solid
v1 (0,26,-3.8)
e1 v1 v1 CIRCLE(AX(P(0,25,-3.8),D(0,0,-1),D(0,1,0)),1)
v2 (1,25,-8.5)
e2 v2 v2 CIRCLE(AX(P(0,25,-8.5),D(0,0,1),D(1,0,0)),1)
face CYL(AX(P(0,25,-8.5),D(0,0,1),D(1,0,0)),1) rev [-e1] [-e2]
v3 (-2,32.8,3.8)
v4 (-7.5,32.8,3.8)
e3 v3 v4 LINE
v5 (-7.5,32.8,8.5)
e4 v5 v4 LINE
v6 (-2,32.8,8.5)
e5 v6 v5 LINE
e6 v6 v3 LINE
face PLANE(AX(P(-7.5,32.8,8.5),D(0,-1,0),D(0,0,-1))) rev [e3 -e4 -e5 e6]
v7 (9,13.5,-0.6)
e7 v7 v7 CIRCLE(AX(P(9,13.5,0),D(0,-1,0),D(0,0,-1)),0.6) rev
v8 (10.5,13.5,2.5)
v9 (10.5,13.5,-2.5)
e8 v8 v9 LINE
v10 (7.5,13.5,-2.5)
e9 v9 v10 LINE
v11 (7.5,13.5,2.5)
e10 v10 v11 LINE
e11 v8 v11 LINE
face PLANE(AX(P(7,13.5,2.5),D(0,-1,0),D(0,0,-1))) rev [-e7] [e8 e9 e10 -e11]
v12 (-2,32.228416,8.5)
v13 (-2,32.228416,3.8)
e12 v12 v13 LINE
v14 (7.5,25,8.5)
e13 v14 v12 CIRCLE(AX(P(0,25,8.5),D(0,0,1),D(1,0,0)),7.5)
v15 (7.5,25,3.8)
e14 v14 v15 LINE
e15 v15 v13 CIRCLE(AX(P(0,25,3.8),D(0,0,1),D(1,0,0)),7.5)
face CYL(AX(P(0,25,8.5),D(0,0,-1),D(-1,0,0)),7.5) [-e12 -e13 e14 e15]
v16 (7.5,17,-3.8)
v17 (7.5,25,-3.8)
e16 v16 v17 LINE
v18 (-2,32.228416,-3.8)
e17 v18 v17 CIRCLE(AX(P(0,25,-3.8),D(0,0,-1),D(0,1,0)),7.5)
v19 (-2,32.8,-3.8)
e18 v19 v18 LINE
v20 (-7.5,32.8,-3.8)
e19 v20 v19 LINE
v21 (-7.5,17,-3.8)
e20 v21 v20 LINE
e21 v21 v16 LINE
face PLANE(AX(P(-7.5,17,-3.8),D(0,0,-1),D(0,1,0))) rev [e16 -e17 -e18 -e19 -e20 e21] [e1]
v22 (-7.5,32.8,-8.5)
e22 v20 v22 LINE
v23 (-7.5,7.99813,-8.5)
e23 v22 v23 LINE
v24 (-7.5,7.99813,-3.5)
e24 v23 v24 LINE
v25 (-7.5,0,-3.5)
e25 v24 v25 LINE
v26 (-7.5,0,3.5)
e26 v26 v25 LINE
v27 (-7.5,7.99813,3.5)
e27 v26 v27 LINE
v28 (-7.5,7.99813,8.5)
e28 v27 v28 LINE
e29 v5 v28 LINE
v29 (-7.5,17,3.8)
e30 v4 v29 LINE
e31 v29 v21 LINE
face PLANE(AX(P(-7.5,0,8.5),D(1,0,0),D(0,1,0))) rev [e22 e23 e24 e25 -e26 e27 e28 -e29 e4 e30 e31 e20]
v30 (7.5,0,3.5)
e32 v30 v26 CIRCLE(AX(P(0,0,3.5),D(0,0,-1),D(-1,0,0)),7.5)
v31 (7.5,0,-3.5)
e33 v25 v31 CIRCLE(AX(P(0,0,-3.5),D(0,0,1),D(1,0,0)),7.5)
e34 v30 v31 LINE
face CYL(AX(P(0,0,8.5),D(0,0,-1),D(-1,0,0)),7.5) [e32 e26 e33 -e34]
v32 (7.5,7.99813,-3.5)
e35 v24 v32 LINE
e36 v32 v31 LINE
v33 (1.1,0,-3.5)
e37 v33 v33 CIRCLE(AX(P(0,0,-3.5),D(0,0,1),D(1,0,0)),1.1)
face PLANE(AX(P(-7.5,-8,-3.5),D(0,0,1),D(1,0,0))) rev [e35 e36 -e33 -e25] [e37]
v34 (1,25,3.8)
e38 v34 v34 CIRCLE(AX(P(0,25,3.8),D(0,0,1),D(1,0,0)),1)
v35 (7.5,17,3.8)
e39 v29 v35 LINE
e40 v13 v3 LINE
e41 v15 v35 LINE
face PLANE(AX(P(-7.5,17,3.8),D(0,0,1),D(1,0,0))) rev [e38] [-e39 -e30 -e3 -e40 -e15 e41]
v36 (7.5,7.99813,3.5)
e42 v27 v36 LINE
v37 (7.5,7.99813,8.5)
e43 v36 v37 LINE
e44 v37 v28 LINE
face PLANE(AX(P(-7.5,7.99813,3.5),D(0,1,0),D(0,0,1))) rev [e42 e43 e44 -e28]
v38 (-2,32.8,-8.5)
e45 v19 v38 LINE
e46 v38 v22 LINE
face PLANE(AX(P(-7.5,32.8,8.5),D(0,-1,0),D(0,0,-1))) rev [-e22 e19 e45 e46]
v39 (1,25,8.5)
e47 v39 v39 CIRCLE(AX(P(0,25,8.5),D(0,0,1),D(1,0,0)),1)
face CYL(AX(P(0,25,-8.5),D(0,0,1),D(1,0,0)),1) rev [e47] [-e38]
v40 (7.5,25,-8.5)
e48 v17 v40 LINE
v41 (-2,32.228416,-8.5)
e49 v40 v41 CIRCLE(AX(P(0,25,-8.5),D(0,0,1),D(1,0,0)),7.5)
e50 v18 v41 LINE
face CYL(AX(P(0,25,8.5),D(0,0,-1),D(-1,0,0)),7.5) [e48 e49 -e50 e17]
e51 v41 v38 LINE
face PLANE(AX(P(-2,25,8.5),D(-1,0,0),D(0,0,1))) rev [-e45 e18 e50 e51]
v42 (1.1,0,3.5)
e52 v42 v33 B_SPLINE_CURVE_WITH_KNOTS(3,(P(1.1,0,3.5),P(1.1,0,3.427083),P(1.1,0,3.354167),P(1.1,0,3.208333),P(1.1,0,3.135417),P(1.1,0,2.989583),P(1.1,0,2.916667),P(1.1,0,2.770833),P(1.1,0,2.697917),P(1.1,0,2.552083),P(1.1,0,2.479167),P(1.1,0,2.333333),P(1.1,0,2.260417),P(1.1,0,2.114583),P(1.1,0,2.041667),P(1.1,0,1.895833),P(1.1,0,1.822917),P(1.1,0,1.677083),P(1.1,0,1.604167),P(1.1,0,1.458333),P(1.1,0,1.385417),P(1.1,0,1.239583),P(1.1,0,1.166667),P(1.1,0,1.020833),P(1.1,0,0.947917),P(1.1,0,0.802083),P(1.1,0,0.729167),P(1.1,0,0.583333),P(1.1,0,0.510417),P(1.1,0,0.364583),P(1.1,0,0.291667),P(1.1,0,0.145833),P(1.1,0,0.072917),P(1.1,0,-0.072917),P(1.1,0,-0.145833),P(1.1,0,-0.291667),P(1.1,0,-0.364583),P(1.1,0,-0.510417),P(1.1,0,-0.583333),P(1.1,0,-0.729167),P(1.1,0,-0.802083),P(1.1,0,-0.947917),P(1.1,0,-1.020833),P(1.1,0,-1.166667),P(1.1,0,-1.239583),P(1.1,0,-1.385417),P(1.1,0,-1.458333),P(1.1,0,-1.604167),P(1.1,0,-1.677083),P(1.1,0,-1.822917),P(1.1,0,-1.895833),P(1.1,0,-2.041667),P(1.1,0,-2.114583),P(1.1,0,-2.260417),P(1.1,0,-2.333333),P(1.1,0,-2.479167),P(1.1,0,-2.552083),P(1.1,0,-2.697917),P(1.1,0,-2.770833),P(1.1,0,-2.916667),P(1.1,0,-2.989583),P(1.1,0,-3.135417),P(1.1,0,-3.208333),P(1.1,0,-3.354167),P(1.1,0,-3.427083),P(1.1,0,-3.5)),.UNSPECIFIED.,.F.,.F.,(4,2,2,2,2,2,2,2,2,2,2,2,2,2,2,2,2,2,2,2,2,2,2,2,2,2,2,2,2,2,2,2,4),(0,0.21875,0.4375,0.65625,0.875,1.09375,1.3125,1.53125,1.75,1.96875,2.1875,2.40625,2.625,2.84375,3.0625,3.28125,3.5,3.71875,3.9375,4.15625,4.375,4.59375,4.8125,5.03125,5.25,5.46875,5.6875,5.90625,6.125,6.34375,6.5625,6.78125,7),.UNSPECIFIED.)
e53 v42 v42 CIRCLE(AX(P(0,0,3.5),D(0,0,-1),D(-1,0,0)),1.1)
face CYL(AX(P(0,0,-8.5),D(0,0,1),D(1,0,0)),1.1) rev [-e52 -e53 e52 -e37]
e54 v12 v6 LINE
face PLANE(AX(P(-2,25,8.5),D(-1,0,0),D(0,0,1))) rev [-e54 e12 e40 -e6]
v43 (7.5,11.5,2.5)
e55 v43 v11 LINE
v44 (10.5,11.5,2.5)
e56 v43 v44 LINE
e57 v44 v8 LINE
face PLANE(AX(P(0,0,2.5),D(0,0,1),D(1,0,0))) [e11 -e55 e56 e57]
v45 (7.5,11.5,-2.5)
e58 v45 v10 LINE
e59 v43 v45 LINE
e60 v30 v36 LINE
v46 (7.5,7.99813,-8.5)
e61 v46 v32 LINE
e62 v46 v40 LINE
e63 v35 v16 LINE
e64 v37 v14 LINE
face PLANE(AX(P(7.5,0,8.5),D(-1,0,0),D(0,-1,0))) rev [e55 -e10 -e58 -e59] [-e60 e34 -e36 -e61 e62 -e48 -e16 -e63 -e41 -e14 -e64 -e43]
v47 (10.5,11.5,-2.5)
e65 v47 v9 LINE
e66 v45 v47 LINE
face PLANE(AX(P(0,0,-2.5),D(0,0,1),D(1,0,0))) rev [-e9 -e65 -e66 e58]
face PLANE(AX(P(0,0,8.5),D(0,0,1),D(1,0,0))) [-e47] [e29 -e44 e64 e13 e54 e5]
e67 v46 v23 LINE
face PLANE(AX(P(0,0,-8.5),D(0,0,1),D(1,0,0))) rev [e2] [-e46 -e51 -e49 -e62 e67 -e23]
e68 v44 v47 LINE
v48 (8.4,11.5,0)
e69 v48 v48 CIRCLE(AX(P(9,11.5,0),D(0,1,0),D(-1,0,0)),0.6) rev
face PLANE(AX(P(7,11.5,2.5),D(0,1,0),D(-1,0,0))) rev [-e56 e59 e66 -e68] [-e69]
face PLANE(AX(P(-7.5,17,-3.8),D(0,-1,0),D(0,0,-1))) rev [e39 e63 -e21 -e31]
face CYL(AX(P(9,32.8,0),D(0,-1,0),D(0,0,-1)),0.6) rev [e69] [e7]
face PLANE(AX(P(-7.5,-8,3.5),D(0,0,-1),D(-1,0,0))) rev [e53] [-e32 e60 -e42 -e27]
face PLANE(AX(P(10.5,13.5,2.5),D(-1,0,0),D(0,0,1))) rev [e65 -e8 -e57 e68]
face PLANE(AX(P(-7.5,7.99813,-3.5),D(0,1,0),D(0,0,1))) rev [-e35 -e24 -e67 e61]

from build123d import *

# Parameters (mm, degrees)
LINK1_BODY_DEPTH       = 8.5
TONGUE_CUT_DEPTH       = 37.789944278
TONGUE_CUT_DEPTH_BACK  = 37.789944278
SKETCH1_W              = 5.5
SKETCH1_H              = 15.998130079
SKETCH7_W              = 5.5
SKETCH7_H              = 7.8
BOSS_EXTRUDE1_DEPTH    = 8.5
SLOT_CUT_DEPTH         = 35.703602119
SLOT_CUT_DEPTH_BACK    = 35.703602119
SKETCH2_W              = 7.6
SKETCH2_H              = 18
PIN_HOLES_DEPTH        = 35.703602119
PIN_HOLES_DEPTH_BACK   = 35.703602119
SKETCH3_R              = 1.1
SKETCH3_R_2            = 1
SKETCH4_W              = 3.5
SKETCH4_H              = 2
GUIDE_BLOCK_1_DEPTH    = 2.5
CORD_GUIDES_DEPTH      = 36.473088391
CORD_GUIDES_DEPTH_BACK = 36.473088391
SKETCH6_R              = 0.6


with BuildPart() as part:
    # Link1_Outline → Link1_Body (new, symmetric)
    with BuildSketch(Plane.XY):
        with BuildLine():
            Line((-7.5, 0), (-7.5, 25))
            ThreePointArc((-7.5, 25), (0, 32.5), (7.5, 25))
            Line((7.5, 25), (7.5, 0))
            ThreePointArc((7.5, 0), (0, -7.5), (-7.5, 0))
        make_face()
    extrude(amount=LINK1_BODY_DEPTH, both=True)

    # Sketch1 → Tongue_Cut (cut, two sides: drawn at the far end of the back side and taken through both)
    with BuildSketch(Plane(origin=(7.5, 0, 0), x_dir=(0, 0, -1), z_dir=(1, 0, 0)).offset(-TONGUE_CUT_DEPTH_BACK)):
        with Locations((6.25, -0.00093496)):
            Rectangle(SKETCH1_W, SKETCH1_H)
        with Locations((-6.25, -0.00093496)):
            Rectangle(SKETCH1_W, SKETCH1_H)
    extrude(amount=TONGUE_CUT_DEPTH + TONGUE_CUT_DEPTH_BACK, mode=Mode.SUBTRACT)

    # Sketch7 → Boss-Extrude1 (add, symmetric)
    with BuildSketch(Plane.XY):
        with Locations((-4.75, 28.9)):
            Rectangle(SKETCH7_W, SKETCH7_H)
    extrude(amount=BOSS_EXTRUDE1_DEPTH, both=True)

    # Sketch2 → Slot_Cut (cut, two sides: drawn at the far end of the back side and taken through both)
    with BuildSketch(Plane(origin=(0, 0, 0), x_dir=(0, 0, -1), z_dir=(1, 0, 0)).offset(-SLOT_CUT_DEPTH_BACK)):
        with Locations((0, 26)):
            Rectangle(SKETCH2_W, SKETCH2_H)
    extrude(amount=SLOT_CUT_DEPTH + SLOT_CUT_DEPTH_BACK, mode=Mode.SUBTRACT)

    # Sketch3 → Pin_Holes (cut, two sides: drawn at the far end of the back side and taken through both)
    with BuildSketch(Plane.XY.offset(-PIN_HOLES_DEPTH_BACK)):
        Circle(SKETCH3_R)
        with Locations((0, 25)):
            Circle(SKETCH3_R_2)
    extrude(amount=PIN_HOLES_DEPTH + PIN_HOLES_DEPTH_BACK, mode=Mode.SUBTRACT)

    # Sketch4 → Guide_Block_1 (add, symmetric)
    with BuildSketch(Plane.XY):
        with Locations((8.75, 12.5)):
            Rectangle(SKETCH4_W, SKETCH4_H)
    extrude(amount=GUIDE_BLOCK_1_DEPTH, both=True)

    # Sketch6 → Cord_Guides (cut, two sides: drawn at the far end of the back side and taken through both)
    with BuildSketch(Plane(origin=(0, 0, 0), x_dir=(1, 0, 0), z_dir=(0, 1, 0)).offset(-CORD_GUIDES_DEPTH_BACK)):
        with Locations(Location((9, 0, 0), (0, 0, 90))):
            Circle(SKETCH6_R)
    extrude(amount=CORD_GUIDES_DEPTH + CORD_GUIDES_DEPTH_BACK, mode=Mode.SUBTRACT)


solid = part.part
